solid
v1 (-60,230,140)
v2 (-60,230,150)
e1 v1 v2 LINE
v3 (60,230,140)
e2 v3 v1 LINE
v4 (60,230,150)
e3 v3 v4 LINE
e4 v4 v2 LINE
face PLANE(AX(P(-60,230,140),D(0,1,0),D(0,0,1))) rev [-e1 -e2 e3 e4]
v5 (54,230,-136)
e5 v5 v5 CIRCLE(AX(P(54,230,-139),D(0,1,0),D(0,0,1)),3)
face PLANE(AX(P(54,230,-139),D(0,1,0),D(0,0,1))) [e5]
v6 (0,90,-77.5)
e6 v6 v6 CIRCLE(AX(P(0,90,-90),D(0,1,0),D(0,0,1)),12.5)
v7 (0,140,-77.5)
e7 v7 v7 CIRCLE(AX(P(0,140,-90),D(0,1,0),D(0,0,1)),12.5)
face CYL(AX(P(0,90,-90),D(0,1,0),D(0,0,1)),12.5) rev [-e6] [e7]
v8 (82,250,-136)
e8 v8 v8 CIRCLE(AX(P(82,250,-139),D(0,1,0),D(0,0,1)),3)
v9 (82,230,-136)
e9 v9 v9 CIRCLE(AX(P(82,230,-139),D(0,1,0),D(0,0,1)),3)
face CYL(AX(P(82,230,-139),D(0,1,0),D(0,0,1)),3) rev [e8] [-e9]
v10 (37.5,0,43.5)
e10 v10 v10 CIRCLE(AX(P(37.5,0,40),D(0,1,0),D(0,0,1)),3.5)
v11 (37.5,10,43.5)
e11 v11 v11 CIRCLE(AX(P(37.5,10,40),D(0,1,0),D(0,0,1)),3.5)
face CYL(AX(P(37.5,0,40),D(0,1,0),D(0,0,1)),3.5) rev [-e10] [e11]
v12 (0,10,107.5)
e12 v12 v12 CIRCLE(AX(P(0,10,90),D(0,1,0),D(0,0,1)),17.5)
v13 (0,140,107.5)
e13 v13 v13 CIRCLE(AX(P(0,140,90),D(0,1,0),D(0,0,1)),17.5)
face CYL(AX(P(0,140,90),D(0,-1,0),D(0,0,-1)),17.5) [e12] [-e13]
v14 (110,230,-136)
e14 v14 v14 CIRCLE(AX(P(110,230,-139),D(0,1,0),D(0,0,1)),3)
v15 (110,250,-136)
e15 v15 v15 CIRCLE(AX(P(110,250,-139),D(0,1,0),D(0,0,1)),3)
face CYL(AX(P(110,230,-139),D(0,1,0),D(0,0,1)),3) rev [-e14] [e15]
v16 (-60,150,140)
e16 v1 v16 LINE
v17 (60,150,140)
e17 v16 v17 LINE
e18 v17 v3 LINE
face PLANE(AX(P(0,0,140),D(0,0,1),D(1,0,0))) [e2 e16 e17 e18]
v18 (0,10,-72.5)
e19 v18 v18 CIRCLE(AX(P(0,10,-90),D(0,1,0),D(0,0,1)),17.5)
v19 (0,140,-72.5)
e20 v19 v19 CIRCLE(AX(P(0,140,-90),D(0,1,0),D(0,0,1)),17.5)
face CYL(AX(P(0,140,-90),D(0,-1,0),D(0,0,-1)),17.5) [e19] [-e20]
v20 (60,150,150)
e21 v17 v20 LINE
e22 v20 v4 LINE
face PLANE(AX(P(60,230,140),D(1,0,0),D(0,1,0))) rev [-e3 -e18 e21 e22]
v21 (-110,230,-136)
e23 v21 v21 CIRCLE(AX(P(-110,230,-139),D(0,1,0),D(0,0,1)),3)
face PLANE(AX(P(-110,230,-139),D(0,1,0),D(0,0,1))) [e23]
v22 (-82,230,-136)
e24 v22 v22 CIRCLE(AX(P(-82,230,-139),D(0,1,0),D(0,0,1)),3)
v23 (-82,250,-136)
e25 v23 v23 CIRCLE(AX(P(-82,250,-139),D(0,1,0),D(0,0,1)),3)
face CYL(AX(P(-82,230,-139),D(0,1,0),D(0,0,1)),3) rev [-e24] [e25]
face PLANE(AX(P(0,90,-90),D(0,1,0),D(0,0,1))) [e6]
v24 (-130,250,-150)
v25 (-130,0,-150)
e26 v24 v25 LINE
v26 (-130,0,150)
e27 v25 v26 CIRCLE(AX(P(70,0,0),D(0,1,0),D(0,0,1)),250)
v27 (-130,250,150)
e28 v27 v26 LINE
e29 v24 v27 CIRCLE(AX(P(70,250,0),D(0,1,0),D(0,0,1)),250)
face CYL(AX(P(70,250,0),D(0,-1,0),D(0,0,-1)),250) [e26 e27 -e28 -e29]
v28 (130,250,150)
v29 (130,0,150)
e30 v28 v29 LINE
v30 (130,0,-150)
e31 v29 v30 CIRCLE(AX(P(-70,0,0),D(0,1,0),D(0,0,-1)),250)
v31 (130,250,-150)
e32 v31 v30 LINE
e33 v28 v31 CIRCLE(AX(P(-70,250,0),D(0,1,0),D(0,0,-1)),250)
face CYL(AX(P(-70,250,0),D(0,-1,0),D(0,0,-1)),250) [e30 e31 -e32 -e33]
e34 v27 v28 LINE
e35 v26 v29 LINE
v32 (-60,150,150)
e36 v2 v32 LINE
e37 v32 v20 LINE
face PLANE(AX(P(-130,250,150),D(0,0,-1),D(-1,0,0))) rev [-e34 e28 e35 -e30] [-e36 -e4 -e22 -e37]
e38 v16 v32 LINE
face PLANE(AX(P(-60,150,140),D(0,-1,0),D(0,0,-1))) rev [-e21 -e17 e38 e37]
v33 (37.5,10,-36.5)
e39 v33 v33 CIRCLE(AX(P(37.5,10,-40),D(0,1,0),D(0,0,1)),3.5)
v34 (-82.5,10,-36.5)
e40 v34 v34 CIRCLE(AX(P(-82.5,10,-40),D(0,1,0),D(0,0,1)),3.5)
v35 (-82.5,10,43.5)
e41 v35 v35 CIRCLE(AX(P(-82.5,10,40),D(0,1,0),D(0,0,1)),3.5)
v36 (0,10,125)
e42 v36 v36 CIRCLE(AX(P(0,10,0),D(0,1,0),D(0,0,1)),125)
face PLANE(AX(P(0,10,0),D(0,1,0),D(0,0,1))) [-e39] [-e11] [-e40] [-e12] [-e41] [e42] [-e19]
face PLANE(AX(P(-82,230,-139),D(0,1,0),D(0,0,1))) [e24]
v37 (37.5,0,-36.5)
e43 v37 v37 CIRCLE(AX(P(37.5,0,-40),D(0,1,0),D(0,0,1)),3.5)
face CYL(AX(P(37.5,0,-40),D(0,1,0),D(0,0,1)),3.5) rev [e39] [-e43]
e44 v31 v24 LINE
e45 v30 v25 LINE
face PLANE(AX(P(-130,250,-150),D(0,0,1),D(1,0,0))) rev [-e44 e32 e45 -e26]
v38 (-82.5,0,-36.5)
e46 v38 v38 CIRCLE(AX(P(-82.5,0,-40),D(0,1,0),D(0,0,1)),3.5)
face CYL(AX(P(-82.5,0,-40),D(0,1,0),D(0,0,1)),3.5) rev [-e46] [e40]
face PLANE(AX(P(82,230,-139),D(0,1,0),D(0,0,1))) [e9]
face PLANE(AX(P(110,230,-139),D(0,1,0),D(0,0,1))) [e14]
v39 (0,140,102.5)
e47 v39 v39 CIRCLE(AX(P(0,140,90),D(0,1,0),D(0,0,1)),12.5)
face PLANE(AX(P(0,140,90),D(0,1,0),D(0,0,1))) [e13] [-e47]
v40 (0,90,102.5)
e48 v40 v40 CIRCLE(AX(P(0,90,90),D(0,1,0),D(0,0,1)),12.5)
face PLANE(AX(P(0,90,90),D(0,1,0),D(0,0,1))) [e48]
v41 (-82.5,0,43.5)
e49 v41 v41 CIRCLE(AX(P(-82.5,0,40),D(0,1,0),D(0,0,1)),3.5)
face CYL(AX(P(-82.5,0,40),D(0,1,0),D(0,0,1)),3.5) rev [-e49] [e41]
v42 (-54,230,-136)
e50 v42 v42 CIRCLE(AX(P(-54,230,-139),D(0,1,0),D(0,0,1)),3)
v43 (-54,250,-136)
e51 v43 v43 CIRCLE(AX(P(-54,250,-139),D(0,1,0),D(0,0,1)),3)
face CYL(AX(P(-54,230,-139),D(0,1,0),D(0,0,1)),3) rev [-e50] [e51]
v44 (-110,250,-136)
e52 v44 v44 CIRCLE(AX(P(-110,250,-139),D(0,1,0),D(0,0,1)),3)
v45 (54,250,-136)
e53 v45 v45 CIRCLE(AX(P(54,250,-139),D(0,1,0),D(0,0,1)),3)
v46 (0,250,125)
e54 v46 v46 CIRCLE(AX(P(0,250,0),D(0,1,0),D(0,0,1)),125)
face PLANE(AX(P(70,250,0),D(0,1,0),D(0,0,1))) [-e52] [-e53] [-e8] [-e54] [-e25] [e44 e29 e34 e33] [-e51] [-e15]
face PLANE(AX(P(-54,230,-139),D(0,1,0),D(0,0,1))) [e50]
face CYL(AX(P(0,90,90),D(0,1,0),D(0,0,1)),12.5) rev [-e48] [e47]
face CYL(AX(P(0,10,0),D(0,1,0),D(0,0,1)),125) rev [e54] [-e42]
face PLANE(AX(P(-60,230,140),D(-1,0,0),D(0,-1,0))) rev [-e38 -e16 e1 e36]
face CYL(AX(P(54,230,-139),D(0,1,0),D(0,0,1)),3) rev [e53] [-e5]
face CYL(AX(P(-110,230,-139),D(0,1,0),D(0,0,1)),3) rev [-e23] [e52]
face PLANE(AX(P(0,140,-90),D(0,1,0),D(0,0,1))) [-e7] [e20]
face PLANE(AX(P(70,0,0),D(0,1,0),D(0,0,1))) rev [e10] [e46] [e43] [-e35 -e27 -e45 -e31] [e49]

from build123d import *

# Parameters (mm, degrees)
BOSS_EXTRUDE1_DEPTH      = 250
INSIDE_COMPARTMENT_R     = 125
CUT_EXTRUDE1_DEPTH       = 240
LCD_W                    = 120
LCD_H                    = 80
CUT_EXTRUDE2_DEPTH       = 10
HINGE_HOLES_R            = 3
CUT_EXTRUDE3_DEPTH       = 20
POWER_SUPPLY_HOLES_R     = 3.5
CUT_EXTRUDE4_DEPTH       = 336.410196625
POLES_FOR_MIDDLE_LAYER_R = 17.5
BOSS_EXTRUDE2_DEPTH      = 130
HOLES_FOR_POLES_R        = 12.5
CUT_EXTRUDE6_DEPTH       = 50


with BuildPart() as part:
    # Case 2 → Boss-Extrude1 (new body)
    with BuildSketch(Plane(origin=(0, 0, 0), x_dir=(1, 0, 0), z_dir=(0, 1, 0))):
        with BuildLine():
            Line((-130, 150), (130, 150))
            ThreePointArc((130, 150), (180, 0), (130, -150))
            Line((130, -150), (-130, -150))
            ThreePointArc((-130, -150), (-180, 0), (-130, 150))
        make_face()
    extrude(amount=BOSS_EXTRUDE1_DEPTH)

    # Inside Compartment → Cut-Extrude1 (cut)
    with BuildSketch(Plane(origin=(0, 250, 0), x_dir=(1, 0, 0), z_dir=(0, 1, 0))):
        with Locations(Location((0, 0, 0), (0, 0, 270))):
            Circle(INSIDE_COMPARTMENT_R)
    extrude(amount=-CUT_EXTRUDE1_DEPTH, mode=Mode.SUBTRACT)

    # LCD → Cut-Extrude2 (cut)
    with BuildSketch(Plane.XY.offset(150)):
        with Locations((0, 190)):
            Rectangle(LCD_W, LCD_H)
    extrude(amount=-CUT_EXTRUDE2_DEPTH, mode=Mode.SUBTRACT)

    # Hinge holes → Cut-Extrude3 (cut)
    with BuildSketch(Plane(origin=(0, 250, 0), x_dir=(1, 0, 0), z_dir=(0, 1, 0))):
        with Locations(Location((-110, 139, 0), (0, 0, 270))):
            Circle(HINGE_HOLES_R)
        with Locations(Location((-82, 139, 0), (0, 0, 270))):
            Circle(HINGE_HOLES_R)
        with Locations(Location((-54, 139, 0), (0, 0, 270))):
            Circle(HINGE_HOLES_R)
        with Locations(Location((54, 139, 0), (0, 0, 270))):
            Circle(HINGE_HOLES_R)
        with Locations(Location((82, 139, 0), (0, 0, 270))):
            Circle(HINGE_HOLES_R)
        with Locations(Location((110, 139, 0), (0, 0, 270))):
            Circle(HINGE_HOLES_R)
    extrude(amount=-CUT_EXTRUDE3_DEPTH, mode=Mode.SUBTRACT)

    # Power supply holes → Cut-Extrude4 (cut, through all)
    with BuildSketch(Plane(origin=(0, 10, 0), x_dir=(1, 0, 0), z_dir=(0, 1, 0))):
        with Locations(Location((-82.5, 40, 0), (0, 0, 270))):
            Circle(POWER_SUPPLY_HOLES_R)
        with Locations(Location((37.5, 40, 0), (0, 0, 270))):
            Circle(POWER_SUPPLY_HOLES_R)
        with Locations(Location((37.5, -40, 0), (0, 0, 270))):
            Circle(POWER_SUPPLY_HOLES_R)
        with Locations(Location((-82.5, -40, 0), (0, 0, 270))):
            Circle(POWER_SUPPLY_HOLES_R)
    extrude(amount=-CUT_EXTRUDE4_DEPTH, mode=Mode.SUBTRACT)

    # Poles for middle layer → Boss-Extrude2 (add)
    with BuildSketch(Plane(origin=(0, 10, 0), x_dir=(1, 0, 0), z_dir=(0, 1, 0))):
        with Locations(Location((0, 90, 0), (0, 0, 270))):
            Circle(POLES_FOR_MIDDLE_LAYER_R)
        with Locations(Location((0, -90, 0), (0, 0, 270))):
            Circle(POLES_FOR_MIDDLE_LAYER_R)
    extrude(amount=BOSS_EXTRUDE2_DEPTH)

    # Holes for poles → Cut-Extrude6 (cut)
    with BuildSketch(Plane(origin=(0, 140, 0), x_dir=(1, 0, 0), z_dir=(0, 1, 0))):
        with Locations(Location((0, -90, 0), (0, 0, 270))):
            Circle(HOLES_FOR_POLES_R)
        with Locations(Location((0, 90, 0), (0, 0, 270))):
            Circle(HOLES_FOR_POLES_R)
    extrude(amount=-CUT_EXTRUDE6_DEPTH, mode=Mode.SUBTRACT)


solid = part.part
